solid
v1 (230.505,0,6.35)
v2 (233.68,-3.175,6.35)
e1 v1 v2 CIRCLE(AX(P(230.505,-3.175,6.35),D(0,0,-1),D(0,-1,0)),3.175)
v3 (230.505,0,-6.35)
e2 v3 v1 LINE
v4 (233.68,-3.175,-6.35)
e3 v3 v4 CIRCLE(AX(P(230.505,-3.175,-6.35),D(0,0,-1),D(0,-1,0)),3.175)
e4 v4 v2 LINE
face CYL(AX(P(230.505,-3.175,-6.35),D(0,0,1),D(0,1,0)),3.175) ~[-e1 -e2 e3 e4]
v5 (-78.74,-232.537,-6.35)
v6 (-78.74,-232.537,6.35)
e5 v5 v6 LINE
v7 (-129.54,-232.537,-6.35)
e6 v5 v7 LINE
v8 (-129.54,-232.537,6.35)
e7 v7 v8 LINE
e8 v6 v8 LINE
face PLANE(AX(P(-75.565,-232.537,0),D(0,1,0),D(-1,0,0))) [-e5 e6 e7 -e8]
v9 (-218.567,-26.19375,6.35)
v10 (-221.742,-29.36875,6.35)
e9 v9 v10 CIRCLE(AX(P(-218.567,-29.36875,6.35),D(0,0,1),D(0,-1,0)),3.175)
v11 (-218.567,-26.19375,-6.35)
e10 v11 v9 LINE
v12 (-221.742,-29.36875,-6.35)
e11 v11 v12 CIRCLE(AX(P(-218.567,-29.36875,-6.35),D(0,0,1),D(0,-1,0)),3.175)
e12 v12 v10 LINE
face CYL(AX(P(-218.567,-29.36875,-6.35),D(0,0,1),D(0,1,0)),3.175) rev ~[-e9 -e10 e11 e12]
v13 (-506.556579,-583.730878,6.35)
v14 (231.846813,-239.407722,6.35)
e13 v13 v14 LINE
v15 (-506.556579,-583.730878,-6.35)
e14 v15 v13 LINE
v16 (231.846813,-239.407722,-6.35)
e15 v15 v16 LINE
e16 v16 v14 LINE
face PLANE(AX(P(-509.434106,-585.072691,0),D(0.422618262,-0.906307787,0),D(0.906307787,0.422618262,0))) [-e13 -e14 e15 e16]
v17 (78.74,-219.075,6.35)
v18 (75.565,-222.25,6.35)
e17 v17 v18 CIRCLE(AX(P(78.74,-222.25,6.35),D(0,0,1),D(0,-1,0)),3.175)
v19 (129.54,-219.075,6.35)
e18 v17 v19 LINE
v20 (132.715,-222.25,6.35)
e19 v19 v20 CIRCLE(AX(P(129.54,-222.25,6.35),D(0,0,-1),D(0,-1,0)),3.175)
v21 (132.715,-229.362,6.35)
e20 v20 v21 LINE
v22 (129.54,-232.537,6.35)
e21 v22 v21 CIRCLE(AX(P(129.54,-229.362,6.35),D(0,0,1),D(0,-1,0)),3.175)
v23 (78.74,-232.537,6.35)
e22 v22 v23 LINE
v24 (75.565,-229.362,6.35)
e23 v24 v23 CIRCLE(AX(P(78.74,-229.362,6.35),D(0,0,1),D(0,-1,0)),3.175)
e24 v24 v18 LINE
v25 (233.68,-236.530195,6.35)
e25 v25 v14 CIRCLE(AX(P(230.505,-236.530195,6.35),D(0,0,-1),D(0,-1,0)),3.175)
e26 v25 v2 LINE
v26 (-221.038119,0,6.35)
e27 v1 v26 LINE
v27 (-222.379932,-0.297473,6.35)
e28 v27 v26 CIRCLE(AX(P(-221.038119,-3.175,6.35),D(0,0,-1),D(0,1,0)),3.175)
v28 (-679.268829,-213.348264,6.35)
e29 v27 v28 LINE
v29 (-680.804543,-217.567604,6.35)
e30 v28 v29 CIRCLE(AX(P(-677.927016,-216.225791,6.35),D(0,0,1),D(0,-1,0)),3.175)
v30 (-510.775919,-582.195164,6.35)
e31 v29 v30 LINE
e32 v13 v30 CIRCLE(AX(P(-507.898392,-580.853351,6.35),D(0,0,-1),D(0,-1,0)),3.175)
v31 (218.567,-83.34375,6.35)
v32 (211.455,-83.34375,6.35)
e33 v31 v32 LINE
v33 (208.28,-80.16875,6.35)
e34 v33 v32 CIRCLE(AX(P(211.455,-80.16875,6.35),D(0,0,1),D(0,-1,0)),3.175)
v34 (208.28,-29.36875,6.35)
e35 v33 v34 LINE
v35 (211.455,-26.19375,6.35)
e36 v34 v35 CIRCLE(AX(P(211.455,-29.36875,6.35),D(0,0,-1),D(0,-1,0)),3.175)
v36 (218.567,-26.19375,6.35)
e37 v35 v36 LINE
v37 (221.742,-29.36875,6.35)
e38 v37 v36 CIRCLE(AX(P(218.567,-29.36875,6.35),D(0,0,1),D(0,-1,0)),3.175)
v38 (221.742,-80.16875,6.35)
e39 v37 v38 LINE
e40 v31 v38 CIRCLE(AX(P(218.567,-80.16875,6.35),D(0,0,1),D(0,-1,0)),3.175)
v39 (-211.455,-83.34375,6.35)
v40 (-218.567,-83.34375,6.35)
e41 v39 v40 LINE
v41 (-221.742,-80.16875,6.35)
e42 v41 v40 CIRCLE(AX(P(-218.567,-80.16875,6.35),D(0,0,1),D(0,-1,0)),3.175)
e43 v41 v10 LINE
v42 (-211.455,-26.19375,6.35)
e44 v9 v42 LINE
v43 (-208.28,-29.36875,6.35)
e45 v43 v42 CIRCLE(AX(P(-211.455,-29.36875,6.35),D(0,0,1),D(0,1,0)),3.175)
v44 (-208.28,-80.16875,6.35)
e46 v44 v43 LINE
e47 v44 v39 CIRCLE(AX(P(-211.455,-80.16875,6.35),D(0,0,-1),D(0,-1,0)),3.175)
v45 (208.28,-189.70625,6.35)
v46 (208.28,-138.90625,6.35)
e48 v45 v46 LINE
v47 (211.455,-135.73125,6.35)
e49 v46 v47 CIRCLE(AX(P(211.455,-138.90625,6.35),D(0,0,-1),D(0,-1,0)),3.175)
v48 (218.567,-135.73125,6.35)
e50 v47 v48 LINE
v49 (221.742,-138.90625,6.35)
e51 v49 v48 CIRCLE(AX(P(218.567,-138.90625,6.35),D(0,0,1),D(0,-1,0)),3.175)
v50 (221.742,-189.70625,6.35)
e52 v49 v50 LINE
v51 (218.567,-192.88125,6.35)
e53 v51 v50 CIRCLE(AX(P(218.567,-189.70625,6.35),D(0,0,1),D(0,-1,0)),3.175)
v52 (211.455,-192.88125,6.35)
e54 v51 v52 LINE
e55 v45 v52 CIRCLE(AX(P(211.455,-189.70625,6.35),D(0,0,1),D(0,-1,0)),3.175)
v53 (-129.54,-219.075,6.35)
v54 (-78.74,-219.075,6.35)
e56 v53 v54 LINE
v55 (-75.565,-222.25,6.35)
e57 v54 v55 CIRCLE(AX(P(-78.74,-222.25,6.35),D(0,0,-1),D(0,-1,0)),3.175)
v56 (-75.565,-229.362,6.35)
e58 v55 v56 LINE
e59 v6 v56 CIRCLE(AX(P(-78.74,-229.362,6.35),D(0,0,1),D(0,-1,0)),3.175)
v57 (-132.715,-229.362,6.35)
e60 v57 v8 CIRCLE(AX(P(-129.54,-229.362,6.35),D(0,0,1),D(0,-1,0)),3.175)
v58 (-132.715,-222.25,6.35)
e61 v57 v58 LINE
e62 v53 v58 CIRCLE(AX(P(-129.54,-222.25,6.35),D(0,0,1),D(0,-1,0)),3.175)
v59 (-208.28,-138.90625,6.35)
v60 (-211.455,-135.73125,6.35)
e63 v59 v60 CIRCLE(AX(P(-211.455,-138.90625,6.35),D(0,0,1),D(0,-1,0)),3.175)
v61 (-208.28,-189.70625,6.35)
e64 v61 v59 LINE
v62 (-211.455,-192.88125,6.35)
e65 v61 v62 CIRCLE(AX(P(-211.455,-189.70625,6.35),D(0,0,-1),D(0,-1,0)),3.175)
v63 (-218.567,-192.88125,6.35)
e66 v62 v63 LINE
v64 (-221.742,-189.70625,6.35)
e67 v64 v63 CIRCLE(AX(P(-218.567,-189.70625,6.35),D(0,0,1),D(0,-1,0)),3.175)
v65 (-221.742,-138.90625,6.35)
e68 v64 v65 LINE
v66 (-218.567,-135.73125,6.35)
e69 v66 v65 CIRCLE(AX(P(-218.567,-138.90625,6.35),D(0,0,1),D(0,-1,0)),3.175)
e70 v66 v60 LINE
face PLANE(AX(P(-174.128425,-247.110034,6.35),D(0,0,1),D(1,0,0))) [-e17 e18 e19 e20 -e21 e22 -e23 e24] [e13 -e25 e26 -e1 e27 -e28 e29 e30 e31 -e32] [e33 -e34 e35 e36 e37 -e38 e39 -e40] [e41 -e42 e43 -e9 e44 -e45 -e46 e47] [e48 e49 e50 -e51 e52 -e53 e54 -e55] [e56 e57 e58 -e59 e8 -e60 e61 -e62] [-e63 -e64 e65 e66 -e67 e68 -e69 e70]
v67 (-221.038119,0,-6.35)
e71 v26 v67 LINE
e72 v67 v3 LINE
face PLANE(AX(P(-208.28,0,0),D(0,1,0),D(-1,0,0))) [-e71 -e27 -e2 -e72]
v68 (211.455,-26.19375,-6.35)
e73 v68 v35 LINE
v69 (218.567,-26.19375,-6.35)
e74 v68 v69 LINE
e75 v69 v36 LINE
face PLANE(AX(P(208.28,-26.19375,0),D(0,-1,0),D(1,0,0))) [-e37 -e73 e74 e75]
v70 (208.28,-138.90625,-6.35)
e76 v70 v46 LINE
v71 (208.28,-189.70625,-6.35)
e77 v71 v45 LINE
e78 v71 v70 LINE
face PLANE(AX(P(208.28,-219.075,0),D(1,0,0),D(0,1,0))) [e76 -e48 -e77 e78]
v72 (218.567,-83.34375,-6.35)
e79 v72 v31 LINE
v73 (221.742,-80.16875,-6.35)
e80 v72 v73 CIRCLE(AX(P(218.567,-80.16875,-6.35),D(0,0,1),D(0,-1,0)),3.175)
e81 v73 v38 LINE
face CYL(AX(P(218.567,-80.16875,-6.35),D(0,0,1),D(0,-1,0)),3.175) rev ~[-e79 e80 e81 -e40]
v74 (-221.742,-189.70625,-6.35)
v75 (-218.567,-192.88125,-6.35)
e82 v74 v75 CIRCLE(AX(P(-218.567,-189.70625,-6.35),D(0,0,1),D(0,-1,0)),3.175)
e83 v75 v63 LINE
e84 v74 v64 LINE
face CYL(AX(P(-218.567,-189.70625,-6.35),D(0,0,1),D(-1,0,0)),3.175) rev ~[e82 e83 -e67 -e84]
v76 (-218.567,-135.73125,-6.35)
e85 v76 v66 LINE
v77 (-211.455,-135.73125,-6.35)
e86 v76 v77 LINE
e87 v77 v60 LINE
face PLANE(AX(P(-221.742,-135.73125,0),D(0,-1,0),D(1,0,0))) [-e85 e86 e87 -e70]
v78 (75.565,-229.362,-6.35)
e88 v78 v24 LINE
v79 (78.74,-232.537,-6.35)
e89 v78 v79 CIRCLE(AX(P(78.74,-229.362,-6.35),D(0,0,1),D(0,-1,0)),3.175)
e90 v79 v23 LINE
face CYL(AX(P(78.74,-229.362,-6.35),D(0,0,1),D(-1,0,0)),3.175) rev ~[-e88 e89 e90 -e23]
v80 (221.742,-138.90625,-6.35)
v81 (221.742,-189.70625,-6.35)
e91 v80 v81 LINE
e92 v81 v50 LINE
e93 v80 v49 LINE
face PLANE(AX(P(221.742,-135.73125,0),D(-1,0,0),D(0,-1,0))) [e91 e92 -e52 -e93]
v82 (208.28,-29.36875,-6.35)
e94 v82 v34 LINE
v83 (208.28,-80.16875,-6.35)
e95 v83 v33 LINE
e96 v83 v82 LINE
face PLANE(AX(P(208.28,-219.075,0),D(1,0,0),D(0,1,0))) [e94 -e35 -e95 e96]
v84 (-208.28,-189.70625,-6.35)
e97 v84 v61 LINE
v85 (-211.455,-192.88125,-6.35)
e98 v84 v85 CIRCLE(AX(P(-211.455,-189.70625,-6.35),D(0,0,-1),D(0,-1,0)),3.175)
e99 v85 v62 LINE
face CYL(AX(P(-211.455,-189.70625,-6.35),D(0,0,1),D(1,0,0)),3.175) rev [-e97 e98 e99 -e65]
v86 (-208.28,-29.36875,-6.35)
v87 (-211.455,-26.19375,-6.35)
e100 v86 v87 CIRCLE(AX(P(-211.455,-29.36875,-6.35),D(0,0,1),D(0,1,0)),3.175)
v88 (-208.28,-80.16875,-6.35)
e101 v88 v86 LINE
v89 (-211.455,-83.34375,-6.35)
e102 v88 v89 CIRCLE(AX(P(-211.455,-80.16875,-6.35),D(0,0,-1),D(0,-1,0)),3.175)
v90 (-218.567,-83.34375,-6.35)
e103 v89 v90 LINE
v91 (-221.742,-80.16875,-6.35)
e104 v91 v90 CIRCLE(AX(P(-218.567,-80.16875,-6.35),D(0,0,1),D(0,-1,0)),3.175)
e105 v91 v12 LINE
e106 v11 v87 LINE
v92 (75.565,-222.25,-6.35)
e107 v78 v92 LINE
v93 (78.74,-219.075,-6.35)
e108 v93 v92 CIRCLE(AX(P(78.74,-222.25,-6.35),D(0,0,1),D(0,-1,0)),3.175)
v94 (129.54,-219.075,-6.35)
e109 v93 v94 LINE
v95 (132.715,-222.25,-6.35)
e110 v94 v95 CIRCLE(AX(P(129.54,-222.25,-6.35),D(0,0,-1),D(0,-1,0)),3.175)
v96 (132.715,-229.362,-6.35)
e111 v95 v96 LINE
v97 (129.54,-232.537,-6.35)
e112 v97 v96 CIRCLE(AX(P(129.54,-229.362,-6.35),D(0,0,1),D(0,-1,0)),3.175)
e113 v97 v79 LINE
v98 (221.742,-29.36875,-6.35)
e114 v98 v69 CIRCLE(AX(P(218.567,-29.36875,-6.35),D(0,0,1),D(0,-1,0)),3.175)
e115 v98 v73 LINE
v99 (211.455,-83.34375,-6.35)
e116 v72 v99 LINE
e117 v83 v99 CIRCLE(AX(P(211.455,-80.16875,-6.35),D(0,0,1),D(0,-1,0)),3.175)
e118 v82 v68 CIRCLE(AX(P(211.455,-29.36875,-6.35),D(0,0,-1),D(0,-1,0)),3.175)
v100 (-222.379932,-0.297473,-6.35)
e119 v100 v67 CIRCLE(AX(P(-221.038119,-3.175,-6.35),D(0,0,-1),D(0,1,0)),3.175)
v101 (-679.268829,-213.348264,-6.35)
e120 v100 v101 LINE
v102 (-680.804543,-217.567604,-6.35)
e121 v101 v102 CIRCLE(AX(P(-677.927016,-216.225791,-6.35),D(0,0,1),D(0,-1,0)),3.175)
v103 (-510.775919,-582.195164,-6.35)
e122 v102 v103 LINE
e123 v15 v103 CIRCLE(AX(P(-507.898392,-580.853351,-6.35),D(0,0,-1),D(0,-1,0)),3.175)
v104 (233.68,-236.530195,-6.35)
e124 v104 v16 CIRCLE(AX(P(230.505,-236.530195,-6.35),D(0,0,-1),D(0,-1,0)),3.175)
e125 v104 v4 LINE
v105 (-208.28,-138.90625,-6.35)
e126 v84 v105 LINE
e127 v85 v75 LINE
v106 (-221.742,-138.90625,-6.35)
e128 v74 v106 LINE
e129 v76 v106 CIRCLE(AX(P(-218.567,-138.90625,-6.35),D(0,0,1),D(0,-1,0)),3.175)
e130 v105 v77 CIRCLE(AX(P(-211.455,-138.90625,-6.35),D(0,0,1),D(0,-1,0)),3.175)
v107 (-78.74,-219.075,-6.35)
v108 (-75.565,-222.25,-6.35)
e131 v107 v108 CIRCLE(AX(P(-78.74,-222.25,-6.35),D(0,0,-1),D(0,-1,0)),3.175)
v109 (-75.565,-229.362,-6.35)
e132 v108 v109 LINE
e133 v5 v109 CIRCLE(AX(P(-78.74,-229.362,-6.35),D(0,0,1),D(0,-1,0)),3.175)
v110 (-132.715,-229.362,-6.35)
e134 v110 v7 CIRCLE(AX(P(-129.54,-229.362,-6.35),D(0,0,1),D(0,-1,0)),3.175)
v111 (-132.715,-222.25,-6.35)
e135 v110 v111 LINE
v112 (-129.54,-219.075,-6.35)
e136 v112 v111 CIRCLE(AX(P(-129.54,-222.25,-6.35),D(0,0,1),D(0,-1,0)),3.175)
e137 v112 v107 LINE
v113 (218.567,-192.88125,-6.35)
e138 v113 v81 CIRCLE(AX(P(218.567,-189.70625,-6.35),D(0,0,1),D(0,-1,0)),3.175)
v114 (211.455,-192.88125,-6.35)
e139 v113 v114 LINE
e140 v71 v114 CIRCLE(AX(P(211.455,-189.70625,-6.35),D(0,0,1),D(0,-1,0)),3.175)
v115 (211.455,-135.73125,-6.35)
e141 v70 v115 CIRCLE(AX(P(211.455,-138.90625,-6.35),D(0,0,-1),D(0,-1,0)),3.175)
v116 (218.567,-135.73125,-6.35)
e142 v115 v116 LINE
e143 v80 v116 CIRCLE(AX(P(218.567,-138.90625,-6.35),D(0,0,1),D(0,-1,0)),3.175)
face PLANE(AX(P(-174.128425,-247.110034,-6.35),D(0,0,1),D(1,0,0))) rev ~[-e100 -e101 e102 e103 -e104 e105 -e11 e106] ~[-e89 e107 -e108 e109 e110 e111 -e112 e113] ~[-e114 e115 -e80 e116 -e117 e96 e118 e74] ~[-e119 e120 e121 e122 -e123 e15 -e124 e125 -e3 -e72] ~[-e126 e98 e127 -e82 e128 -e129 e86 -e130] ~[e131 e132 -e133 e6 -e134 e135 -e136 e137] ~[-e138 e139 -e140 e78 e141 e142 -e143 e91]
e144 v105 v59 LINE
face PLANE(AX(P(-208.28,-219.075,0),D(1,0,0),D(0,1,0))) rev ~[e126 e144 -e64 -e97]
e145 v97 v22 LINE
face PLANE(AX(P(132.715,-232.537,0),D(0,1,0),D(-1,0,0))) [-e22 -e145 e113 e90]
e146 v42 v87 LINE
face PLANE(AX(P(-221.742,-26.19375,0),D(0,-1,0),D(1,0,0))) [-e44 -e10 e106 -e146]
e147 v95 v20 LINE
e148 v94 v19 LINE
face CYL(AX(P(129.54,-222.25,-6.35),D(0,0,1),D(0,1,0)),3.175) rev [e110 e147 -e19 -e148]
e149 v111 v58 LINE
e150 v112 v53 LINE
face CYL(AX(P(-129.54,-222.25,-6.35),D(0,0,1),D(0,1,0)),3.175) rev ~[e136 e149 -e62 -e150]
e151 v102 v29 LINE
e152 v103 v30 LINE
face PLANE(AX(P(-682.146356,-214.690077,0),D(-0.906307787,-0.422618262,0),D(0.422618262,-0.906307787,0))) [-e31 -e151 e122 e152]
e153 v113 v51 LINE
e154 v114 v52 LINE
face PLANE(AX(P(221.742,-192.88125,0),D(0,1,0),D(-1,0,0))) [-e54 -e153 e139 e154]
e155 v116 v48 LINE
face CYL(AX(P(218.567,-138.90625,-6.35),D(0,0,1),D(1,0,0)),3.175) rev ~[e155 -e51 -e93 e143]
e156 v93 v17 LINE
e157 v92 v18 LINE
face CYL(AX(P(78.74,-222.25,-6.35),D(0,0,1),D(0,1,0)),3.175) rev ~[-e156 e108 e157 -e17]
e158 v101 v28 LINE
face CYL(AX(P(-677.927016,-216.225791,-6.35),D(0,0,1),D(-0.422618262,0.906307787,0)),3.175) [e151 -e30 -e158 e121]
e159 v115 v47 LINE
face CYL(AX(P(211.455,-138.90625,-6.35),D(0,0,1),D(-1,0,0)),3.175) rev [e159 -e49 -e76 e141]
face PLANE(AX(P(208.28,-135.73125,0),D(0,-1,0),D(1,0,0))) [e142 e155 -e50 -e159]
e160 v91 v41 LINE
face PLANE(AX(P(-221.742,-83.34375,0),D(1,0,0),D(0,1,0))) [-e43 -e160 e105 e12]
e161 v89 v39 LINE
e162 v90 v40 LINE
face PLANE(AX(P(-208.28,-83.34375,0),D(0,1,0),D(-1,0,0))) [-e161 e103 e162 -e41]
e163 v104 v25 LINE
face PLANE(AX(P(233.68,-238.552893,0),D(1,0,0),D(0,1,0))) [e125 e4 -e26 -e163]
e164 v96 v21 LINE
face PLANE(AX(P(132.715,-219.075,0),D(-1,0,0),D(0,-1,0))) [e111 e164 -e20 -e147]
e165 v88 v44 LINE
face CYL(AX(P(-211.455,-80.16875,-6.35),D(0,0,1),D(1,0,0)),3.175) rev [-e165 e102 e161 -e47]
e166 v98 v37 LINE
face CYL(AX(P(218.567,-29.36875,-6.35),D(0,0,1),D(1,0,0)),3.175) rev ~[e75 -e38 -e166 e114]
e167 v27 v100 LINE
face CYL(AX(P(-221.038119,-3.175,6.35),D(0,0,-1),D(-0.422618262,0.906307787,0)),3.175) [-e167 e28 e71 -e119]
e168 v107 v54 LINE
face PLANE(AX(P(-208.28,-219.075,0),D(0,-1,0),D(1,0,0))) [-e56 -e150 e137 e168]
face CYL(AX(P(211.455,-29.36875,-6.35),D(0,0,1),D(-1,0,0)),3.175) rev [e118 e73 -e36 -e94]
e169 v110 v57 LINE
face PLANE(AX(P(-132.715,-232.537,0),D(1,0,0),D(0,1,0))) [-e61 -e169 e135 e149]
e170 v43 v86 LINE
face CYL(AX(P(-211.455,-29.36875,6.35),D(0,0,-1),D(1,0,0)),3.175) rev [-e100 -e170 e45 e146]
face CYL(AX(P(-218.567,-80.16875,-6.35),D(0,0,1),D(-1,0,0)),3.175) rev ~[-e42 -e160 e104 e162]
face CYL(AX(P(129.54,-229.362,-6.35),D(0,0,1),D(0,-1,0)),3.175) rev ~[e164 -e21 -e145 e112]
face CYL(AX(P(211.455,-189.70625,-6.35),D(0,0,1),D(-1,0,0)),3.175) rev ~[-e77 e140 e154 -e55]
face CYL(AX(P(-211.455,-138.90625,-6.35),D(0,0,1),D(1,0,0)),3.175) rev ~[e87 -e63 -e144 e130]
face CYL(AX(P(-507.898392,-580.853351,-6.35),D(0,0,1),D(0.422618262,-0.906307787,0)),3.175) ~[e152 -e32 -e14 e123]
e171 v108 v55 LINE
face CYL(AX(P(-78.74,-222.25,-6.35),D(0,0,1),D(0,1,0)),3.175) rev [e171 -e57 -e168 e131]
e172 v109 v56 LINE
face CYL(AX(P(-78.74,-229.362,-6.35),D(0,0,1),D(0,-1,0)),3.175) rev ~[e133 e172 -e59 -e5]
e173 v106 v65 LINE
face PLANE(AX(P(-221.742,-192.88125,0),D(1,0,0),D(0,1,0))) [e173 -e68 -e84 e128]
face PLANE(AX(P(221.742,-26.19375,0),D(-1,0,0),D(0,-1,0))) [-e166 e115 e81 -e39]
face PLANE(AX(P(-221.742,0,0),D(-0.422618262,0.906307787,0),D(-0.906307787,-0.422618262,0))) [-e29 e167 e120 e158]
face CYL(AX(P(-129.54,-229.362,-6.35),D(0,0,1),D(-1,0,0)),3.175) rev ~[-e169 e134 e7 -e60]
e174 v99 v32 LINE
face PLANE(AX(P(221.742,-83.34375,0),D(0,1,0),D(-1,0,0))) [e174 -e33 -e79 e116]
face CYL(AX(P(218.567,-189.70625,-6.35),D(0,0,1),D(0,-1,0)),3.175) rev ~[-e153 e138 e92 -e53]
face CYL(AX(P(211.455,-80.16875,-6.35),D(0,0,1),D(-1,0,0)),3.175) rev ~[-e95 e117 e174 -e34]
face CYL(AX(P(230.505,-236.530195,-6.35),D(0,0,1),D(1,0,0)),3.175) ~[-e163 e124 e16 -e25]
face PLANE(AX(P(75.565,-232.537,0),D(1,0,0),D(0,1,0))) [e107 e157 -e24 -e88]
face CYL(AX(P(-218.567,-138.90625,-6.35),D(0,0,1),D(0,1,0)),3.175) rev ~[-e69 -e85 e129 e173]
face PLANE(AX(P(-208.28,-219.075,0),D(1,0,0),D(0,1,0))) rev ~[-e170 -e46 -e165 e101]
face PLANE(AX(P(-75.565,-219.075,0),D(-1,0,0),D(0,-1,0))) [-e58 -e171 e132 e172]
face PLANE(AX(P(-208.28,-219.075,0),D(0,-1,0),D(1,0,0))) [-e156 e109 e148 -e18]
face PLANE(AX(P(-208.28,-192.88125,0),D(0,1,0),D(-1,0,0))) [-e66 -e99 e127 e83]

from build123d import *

# Parameters (mm, degrees)
SKETCH1_W           = 416.56
SKETCH1_H           = 219.075
BOSS_EXTRUDE1_DEPTH = 6.35
BOSS_EXTRUDE2_DEPTH = 6.35
FILLET1_R           = 3.175


with BuildPart() as part:
    # Sketch1 → Boss-Extrude1 (new body, symmetric)
    with BuildSketch(Plane.XY):
        with Locations((0, -109.5375)):
            Rectangle(SKETCH1_W, SKETCH1_H)
    extrude(amount=BOSS_EXTRUDE1_DEPTH, both=True)

    # Sketch2 → Boss-Extrude2 (add, symmetric)
    with BuildSketch(Plane.XY):
        Polygon((-221.742, 0), (-682.146355815, -214.690076964), (-509.434106267, -585.072691377), (233.68, -238.552892741), (233.68, 0), (208.28, 0), (208.28, -26.19375), (221.742, -26.19375), (221.742, -83.34375), (208.28, -83.34375), (208.28, -135.73125), (221.742, -135.73125), (221.742, -192.88125), (208.28, -192.88125), (208.28, -219.075), (132.715, -219.075), (132.715, -232.537), (75.565, -232.537), (75.565, -219.075), (-75.565, -219.075), (-75.565, -232.537), (-132.715, -232.537), (-132.715, -219.075), (-208.28, -219.075), (-208.28, -192.88125), (-221.742, -192.88125), (-221.742, -135.73125), (-208.28, -135.73125), (-208.28, -83.34375), (-221.742, -83.34375), (-221.742, -26.19375), (-208.28, -26.19375), (-208.28, 0), align=None)
    extrude(amount=BOSS_EXTRUDE2_DEPTH, both=True)

    # Fillet1
    fillet1_edges = [part.edges().sort_by_distance(p)[0] for p in [
        (-682.146355815, -214.690076964, 0),
        (-509.434106267, -585.072691377, 0),
        (233.68, -238.552892741, 0),
        (233.68, 0, 0),
        (208.28, -26.19375, 0),
        (221.742, -26.19375, 0),
        (221.742, -83.34375, 0),
        (208.28, -83.34375, 0),
        (208.28, -135.73125, 0),
        (221.742, -135.73125, 0),
        (221.742, -192.88125, 0),
        (208.28, -192.88125, 0),
        (132.715, -219.075, 0),
        (132.715, -232.537, 0),
        (75.565, -232.537, 0),
        (75.565, -219.075, 0),
        (-75.565, -219.075, 0),
        (-75.565, -232.537, 0),
        (-132.715, -232.537, 0),
        (-132.715, -219.075, 0),
        (-208.28, -192.88125, 0),
        (-221.742, -192.88125, 0),
        (-221.742, -135.73125, 0),
        (-208.28, -135.73125, 0),
        (-208.28, -83.34375, 0),
        (-221.742, -83.34375, 0),
        (-221.742, -26.19375, 0),
        (-208.28, -26.19375, 0),
        (-221.742, 0, 0),
    ]]
    fillet(fillet1_edges, radius=FILLET1_R)


solid = part.part
